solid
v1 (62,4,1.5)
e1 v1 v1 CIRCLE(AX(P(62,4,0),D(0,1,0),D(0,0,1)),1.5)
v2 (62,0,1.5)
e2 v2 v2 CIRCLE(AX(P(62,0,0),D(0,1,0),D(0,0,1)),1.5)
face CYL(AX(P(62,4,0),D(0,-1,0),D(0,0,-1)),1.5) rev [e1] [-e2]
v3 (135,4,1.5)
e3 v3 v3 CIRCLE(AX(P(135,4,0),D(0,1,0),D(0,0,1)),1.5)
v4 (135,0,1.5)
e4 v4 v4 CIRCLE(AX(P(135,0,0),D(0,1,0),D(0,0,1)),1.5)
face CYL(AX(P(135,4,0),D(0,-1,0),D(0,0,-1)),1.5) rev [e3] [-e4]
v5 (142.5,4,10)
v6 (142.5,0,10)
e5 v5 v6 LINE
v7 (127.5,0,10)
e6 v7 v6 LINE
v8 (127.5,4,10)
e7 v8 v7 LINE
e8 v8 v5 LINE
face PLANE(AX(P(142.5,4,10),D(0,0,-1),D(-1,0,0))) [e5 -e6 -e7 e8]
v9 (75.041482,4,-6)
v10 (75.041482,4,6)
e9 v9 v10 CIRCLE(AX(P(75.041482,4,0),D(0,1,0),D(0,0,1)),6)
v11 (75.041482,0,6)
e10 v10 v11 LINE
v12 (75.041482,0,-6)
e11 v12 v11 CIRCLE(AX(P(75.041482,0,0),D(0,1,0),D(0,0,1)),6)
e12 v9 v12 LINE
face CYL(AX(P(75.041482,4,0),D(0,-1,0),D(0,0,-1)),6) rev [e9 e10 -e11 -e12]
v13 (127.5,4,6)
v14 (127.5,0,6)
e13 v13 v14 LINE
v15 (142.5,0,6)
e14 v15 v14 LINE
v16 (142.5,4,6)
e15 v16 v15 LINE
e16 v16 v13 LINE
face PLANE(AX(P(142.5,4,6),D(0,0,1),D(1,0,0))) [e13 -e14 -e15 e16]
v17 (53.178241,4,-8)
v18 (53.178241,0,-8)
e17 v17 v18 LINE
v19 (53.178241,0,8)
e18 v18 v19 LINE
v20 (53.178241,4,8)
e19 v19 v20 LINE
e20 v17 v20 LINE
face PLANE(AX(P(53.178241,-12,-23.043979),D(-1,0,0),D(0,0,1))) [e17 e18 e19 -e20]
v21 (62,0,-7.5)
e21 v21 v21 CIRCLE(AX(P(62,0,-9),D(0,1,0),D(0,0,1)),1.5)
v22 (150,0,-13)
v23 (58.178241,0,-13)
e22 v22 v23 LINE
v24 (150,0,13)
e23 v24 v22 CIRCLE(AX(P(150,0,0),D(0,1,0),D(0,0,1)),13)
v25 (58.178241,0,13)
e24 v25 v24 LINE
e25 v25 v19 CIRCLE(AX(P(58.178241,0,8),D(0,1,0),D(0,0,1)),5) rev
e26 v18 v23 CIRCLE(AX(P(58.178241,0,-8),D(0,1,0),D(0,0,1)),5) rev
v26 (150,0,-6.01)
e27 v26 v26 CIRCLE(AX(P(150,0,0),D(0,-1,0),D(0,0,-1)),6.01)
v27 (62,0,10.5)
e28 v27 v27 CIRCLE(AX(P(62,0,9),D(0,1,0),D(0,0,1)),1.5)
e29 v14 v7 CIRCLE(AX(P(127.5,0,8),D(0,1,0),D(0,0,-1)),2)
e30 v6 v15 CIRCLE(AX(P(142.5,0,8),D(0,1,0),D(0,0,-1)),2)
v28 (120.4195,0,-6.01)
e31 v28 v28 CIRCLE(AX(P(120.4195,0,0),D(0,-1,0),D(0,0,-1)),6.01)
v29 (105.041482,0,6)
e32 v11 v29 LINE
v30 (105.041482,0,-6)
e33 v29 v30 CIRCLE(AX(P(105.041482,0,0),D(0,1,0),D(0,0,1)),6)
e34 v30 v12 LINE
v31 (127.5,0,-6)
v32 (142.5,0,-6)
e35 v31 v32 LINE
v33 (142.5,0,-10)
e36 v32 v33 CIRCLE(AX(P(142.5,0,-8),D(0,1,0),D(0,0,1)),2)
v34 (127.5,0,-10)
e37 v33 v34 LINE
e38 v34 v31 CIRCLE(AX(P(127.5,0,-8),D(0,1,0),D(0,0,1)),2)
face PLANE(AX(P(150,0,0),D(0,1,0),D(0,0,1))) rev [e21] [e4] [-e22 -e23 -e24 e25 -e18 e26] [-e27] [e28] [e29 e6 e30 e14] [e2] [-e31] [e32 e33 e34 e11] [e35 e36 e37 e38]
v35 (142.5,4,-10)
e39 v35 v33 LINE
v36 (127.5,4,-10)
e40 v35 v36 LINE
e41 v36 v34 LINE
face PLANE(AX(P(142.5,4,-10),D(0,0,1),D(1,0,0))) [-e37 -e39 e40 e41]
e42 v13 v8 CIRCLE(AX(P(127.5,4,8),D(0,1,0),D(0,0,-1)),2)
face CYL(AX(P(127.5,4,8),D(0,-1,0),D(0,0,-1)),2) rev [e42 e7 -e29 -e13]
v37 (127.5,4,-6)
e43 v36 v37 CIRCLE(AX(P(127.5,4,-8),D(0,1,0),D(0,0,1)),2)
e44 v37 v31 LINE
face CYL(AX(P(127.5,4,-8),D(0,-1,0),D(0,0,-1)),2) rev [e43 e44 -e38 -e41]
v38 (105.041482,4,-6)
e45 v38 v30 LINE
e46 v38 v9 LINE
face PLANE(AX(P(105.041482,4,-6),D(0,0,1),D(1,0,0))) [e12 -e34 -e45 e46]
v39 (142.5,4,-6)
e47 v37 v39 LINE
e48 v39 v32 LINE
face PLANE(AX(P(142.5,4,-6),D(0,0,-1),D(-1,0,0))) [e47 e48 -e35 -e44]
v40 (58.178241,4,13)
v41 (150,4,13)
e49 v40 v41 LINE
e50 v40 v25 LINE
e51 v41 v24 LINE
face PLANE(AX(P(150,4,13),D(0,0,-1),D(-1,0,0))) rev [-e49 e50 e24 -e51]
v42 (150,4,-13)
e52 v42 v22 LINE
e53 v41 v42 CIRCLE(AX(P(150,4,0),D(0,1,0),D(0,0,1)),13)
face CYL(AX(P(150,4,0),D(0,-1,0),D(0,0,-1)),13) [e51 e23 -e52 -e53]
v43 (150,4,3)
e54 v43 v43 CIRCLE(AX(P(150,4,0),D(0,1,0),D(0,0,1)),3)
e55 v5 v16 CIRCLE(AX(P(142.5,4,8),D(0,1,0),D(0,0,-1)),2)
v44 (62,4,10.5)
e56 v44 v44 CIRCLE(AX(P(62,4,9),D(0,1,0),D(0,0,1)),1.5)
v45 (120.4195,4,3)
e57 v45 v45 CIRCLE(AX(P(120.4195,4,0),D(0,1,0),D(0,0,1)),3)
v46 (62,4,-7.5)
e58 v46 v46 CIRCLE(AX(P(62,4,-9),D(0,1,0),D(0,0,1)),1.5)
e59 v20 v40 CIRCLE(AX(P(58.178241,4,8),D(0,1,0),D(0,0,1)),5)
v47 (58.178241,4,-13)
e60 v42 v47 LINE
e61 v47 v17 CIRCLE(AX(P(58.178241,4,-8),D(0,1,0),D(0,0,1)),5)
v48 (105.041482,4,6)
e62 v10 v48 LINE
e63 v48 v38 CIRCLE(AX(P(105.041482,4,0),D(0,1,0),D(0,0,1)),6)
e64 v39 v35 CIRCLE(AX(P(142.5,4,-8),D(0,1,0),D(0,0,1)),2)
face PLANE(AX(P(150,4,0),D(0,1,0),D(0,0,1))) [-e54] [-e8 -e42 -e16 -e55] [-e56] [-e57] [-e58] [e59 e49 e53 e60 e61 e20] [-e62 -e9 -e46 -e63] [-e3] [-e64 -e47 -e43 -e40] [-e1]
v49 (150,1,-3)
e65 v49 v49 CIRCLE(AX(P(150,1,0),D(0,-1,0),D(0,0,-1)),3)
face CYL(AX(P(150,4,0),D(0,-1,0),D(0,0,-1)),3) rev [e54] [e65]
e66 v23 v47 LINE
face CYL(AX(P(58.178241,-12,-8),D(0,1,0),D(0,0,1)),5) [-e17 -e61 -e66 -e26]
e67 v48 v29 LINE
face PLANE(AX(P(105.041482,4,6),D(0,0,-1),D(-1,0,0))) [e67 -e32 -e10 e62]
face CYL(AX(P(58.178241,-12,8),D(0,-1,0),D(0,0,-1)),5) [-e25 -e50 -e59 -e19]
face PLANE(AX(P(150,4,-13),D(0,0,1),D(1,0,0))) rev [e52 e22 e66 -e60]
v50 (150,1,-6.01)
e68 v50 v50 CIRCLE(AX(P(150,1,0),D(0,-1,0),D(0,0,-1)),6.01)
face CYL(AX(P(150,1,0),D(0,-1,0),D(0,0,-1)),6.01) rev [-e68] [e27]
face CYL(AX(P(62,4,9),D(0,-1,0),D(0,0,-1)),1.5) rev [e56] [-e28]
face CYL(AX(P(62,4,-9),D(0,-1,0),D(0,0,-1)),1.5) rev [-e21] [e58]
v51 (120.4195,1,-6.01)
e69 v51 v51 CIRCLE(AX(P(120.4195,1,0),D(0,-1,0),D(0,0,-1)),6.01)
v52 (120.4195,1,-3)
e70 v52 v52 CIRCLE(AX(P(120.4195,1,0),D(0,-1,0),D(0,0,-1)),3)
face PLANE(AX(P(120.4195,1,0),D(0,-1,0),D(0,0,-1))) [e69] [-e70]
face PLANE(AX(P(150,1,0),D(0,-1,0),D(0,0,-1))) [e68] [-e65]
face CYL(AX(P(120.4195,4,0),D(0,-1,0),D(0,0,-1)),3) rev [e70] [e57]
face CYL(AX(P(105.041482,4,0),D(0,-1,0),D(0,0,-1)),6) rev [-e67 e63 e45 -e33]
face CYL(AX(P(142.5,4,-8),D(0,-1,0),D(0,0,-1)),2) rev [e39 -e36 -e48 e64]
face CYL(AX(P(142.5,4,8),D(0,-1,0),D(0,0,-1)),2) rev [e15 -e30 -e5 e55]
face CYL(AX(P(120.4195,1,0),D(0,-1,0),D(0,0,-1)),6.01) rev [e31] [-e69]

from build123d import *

# Parameters (mm, degrees)
SKETCH_1_R          = 5
SKETCH_1_R_2        = 3
SKETCH_1_R_3        = 1.3
SKETCH_1_R_4        = 1.5
SKETCH_1_W          = 5
SKETCH_1_H          = 10
EXTRUDE_1_DEPTH     = 4
SKETCH_2_R          = 6.01
CUT_EXTRUDE_1_DEPTH = 1
SKETCH_4_W          = 81.277296146
SKETCH_4_H          = 46.186139701
CUT_EXTRUDE_4_DEPTH = 16
FILLET_1_R          = 5


with BuildPart() as part:
    # 草图1 → 凸台-拉伸1 (new body)
    with BuildSketch(Plane(origin=(0, 0, 0), x_dir=(1, 0, 0), z_dir=(0, 1, 0))):
        with BuildLine():
            Line((150, 13), (15.198684154, 13))
            ThreePointArc((15.198684154, 13), (-20, 0), (15.198684154, -13))
            Line((15.198684154, -13), (150, -13))
            ThreePointArc((150, -13), (163, 0), (150, 13))
        make_face()
        with Locations(Location((0, 0, 0), (0, 0, 270))):
            Circle(SKETCH_1_R, mode=Mode.SUBTRACT)
        with Locations(Location((150, 0, 0), (0, 0, 270))):
            Circle(SKETCH_1_R_2, mode=Mode.SUBTRACT)
        with Locations(Location((120.4195, 0, 0), (0, 0, 270))):
            Circle(SKETCH_1_R_2, mode=Mode.SUBTRACT)
        with Locations(Location((0, 9, 0), (0, 0, 270))):
            Circle(SKETCH_1_R_3, mode=Mode.SUBTRACT)
        with Locations(Location((7.794228634, -4.5, 0), (0, 0, 270))):
            Circle(SKETCH_1_R_3, mode=Mode.SUBTRACT)
        with Locations(Location((-7.794228634, -4.5, 0), (0, 0, 270))):
            Circle(SKETCH_1_R_3, mode=Mode.SUBTRACT)
        with Locations(Location((135, 0, 0), (0, 0, 270))):
            Circle(SKETCH_1_R_4, mode=Mode.SUBTRACT)
        with Locations(Location((62, 0, 0), (0, 0, 270))):
            Circle(SKETCH_1_R_4, mode=Mode.SUBTRACT)
        with Locations(Location((62, 9, 0), (0, 0, 270))):
            Circle(SKETCH_1_R_4, mode=Mode.SUBTRACT)
        with Locations(Location((62, -9, 0), (0, 0, 270))):
            Circle(SKETCH_1_R_4, mode=Mode.SUBTRACT)
        with Locations((0, -11.773380776)):
            Rectangle(SKETCH_1_W, SKETCH_1_H, mode=Mode.SUBTRACT)
        with BuildLine():
            Line((105.041482469, -6), (75.041482469, -6))
            ThreePointArc((75.041482469, -6), (69.041482469, 0), (75.041482469, 6))
            Line((75.041482469, 6), (105.041482469, 6))
            ThreePointArc((105.041482469, 6), (111.041482469, 0), (105.041482469, -6))
        make_face(mode=Mode.SUBTRACT)
        with BuildLine():
            Line((142.5, 6), (127.5, 6))
            ThreePointArc((127.5, 6), (125.5, 8), (127.5, 10))
            Line((127.5, 10), (142.5, 10))
            ThreePointArc((142.5, 10), (144.5, 8), (142.5, 6))
        make_face(mode=Mode.SUBTRACT)
        with BuildLine():
            Line((142.5, -6), (127.5, -6))
            ThreePointArc((127.5, -6), (125.5, -8), (127.5, -10))
            Line((127.5, -10), (142.5, -10))
            ThreePointArc((142.5, -10), (144.5, -8), (142.5, -6))
        make_face(mode=Mode.SUBTRACT)
    extrude(amount=EXTRUDE_1_DEPTH)

    # 草图2 → 切除-拉伸1 (cut)
    with BuildSketch(Plane.XZ):
        with Locations(Location((150, 0, 0), (0, 0, 270))):
            Circle(SKETCH_2_R)
        with Locations(Location((120.4195, 0, 0), (0, 0, 270))):
            Circle(SKETCH_2_R)
    extrude(amount=-CUT_EXTRUDE_1_DEPTH, mode=Mode.SUBTRACT)

    # 草图4 → 切除-拉伸4 (cut)
    with BuildSketch(Plane(origin=(0, 4, 0), x_dir=(1, 0, 0), z_dir=(0, 1, 0))):
        with Locations((12.539593114, -0.049090765)):
            Rectangle(SKETCH_4_W, SKETCH_4_H)
    extrude(amount=-CUT_EXTRUDE_4_DEPTH, mode=Mode.SUBTRACT)

    # 圆角1
    fillet_1_edges = [part.edges().sort_by_distance(p)[0] for p in [
        (53.178241187, 2, 13),
        (53.178241187, 2, -13),
    ]]
    fillet(fillet_1_edges, radius=FILLET_1_R)


solid = part.part
